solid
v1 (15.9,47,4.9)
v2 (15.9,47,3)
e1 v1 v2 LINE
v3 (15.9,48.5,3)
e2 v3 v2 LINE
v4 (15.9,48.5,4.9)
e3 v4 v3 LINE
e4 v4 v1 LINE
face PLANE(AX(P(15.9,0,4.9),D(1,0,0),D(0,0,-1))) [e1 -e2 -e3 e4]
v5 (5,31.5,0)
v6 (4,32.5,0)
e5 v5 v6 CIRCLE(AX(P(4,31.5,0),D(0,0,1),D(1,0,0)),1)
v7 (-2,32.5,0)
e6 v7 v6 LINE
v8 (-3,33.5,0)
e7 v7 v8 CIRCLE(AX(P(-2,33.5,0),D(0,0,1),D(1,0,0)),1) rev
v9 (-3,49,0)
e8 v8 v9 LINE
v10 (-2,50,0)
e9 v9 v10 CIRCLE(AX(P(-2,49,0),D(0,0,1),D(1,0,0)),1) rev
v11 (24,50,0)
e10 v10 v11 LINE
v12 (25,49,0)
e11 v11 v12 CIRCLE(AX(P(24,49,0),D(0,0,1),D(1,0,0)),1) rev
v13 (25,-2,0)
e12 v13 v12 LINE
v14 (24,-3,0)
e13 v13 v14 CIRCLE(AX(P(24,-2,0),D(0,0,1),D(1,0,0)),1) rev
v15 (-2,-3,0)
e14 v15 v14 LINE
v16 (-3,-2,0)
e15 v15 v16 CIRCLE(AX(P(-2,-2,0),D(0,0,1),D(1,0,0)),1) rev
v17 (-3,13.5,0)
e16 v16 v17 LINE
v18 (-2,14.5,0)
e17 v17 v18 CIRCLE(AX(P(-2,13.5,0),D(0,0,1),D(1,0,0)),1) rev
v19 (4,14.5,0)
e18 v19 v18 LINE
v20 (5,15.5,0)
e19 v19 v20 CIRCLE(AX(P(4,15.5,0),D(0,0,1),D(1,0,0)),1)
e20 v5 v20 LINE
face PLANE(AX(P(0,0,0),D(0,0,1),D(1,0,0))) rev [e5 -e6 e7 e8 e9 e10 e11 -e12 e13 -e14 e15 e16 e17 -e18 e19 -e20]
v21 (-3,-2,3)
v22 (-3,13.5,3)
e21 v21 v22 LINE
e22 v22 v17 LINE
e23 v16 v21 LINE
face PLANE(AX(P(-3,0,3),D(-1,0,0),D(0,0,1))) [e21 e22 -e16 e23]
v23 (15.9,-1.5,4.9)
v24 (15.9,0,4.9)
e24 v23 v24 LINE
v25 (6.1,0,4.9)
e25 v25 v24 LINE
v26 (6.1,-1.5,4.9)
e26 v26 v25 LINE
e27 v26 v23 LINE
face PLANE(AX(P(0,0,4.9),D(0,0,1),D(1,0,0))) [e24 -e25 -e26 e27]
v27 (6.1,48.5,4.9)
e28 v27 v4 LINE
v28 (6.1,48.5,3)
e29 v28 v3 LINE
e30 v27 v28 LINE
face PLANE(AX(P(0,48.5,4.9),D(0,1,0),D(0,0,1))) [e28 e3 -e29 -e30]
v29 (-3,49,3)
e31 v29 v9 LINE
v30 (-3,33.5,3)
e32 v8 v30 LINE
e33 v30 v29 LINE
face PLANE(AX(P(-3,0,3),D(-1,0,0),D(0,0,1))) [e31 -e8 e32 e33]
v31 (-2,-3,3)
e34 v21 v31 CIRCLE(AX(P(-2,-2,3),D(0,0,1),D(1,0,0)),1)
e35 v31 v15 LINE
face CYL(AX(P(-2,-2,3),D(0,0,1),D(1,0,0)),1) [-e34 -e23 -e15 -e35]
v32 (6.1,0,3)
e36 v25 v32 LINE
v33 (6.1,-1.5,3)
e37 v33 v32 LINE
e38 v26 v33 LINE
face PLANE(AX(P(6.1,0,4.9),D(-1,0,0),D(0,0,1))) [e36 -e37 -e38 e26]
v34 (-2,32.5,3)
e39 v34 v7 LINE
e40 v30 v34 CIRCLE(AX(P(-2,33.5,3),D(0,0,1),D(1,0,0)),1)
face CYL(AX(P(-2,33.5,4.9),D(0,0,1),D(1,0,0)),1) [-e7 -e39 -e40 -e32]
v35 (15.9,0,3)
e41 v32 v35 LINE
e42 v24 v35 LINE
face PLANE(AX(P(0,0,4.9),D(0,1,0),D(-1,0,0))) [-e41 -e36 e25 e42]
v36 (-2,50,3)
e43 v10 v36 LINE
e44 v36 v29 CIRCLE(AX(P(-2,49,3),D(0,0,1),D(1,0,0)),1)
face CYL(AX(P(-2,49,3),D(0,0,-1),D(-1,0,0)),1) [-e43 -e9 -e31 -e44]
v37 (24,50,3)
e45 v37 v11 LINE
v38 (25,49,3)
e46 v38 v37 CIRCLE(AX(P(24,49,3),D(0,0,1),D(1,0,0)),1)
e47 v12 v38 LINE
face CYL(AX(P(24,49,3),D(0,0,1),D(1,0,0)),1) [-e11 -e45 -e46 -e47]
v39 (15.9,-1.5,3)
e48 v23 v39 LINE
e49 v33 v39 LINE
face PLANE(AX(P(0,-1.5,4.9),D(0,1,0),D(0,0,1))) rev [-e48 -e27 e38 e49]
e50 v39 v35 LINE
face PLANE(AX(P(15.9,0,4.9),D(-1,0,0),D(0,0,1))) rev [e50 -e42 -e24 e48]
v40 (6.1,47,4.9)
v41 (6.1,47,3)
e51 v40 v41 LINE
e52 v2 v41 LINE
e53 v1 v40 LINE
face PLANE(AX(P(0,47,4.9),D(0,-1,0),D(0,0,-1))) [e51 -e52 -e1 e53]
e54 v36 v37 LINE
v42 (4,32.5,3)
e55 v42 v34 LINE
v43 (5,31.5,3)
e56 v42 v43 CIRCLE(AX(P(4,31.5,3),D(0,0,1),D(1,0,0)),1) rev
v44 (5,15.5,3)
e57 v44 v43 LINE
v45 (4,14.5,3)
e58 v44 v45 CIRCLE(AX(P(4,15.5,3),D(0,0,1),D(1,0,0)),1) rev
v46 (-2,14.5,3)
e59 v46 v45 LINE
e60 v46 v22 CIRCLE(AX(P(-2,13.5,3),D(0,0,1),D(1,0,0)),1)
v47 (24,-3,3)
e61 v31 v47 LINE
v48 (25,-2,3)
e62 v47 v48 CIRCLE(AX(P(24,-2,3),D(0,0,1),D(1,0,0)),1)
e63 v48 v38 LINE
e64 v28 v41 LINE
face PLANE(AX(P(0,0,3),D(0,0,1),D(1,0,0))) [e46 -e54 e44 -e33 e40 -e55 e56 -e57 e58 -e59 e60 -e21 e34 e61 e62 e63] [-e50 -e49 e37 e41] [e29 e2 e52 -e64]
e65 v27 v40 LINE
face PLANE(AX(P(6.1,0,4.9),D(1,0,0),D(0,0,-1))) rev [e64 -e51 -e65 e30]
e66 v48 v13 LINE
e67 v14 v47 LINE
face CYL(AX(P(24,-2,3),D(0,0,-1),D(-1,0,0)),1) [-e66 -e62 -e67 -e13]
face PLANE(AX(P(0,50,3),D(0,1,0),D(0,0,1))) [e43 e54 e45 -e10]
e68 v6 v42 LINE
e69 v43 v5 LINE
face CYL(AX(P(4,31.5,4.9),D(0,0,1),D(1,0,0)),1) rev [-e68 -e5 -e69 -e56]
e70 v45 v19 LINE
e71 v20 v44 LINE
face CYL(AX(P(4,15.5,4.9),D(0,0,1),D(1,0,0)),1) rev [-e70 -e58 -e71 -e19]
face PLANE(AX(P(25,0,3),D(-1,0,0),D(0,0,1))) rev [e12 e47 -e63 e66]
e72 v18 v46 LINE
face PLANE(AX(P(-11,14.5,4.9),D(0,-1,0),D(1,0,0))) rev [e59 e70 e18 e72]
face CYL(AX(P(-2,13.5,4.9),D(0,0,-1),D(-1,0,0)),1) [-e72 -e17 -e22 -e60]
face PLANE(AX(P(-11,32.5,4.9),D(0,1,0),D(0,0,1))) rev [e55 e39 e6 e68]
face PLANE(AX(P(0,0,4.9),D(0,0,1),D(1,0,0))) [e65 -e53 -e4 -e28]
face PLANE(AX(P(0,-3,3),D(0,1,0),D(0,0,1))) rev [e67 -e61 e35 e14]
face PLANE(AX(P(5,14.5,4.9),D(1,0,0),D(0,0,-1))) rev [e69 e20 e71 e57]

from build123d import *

# Parameters (mm, degrees)
SKETCH1_W           = 28
SKETCH1_H           = 53
SKETCH1_W_2         = 22
SKETCH1_H_2         = 47
BOSS_EXTRUDE1_DEPTH = 3
SKETCH3_W           = 9.8
SKETCH3_H           = 1.5
BOSS_EXTRUDE2_DEPTH = 1.9
SKETCH4_W           = 16
SKETCH4_H           = 18
CUT_EXTRUDE1_DEPTH  = 57.116040488
FILLET1_R           = 1


with BuildPart() as part:
    # Sketch1 → Boss-Extrude1 (new body)
    # profile 1 of 2: a face of its own
    with BuildSketch(Plane.XY):
        with Locations((11, 23.5)):
            Rectangle(SKETCH1_W, SKETCH1_H)
        with Locations((11, 23.5)):
            Rectangle(SKETCH1_W_2, SKETCH1_H_2, mode=Mode.SUBTRACT)
    # profile 2 of 2: a face of its own
    with BuildSketch(Plane.XY):
        with Locations((11, 23.5)):
            Rectangle(SKETCH1_W_2, SKETCH1_H_2)
    extrude(amount=BOSS_EXTRUDE1_DEPTH)

    # Sketch3 → Boss-Extrude2 (add)
    with BuildSketch(Plane.XY.offset(3)):
        with Locations((11, 47.75)):
            Rectangle(SKETCH3_W, SKETCH3_H)
        with Locations((11, -0.75)):
            Rectangle(SKETCH3_W, SKETCH3_H)
    extrude(amount=BOSS_EXTRUDE2_DEPTH)

    # Sketch4 → Cut-Extrude1 (cut, through all)
    with BuildSketch(Plane(origin=(0, 0, 0), x_dir=(-1, 0, 0), z_dir=(0, 0, -1))):
        with Locations((3, 23.5)):
            Rectangle(SKETCH4_W, SKETCH4_H)
    extrude(amount=-CUT_EXTRUDE1_DEPTH, mode=Mode.SUBTRACT)

    # Fillet1
    fillet1_edges = [part.edges().sort_by_distance(p)[0] for p in [
        (-3, 14.5, 1.5),
        (-3, 32.5, 1.5),
        (5, 14.5, 1.5),
        (5, 32.5, 1.5),
        (-3, -3, 1.5),
        (-3, 50, 1.5),
        (25, 50, 1.5),
        (25, -3, 1.5),
    ]]
    fillet(fillet1_edges, radius=FILLET1_R)


solid = part.part
